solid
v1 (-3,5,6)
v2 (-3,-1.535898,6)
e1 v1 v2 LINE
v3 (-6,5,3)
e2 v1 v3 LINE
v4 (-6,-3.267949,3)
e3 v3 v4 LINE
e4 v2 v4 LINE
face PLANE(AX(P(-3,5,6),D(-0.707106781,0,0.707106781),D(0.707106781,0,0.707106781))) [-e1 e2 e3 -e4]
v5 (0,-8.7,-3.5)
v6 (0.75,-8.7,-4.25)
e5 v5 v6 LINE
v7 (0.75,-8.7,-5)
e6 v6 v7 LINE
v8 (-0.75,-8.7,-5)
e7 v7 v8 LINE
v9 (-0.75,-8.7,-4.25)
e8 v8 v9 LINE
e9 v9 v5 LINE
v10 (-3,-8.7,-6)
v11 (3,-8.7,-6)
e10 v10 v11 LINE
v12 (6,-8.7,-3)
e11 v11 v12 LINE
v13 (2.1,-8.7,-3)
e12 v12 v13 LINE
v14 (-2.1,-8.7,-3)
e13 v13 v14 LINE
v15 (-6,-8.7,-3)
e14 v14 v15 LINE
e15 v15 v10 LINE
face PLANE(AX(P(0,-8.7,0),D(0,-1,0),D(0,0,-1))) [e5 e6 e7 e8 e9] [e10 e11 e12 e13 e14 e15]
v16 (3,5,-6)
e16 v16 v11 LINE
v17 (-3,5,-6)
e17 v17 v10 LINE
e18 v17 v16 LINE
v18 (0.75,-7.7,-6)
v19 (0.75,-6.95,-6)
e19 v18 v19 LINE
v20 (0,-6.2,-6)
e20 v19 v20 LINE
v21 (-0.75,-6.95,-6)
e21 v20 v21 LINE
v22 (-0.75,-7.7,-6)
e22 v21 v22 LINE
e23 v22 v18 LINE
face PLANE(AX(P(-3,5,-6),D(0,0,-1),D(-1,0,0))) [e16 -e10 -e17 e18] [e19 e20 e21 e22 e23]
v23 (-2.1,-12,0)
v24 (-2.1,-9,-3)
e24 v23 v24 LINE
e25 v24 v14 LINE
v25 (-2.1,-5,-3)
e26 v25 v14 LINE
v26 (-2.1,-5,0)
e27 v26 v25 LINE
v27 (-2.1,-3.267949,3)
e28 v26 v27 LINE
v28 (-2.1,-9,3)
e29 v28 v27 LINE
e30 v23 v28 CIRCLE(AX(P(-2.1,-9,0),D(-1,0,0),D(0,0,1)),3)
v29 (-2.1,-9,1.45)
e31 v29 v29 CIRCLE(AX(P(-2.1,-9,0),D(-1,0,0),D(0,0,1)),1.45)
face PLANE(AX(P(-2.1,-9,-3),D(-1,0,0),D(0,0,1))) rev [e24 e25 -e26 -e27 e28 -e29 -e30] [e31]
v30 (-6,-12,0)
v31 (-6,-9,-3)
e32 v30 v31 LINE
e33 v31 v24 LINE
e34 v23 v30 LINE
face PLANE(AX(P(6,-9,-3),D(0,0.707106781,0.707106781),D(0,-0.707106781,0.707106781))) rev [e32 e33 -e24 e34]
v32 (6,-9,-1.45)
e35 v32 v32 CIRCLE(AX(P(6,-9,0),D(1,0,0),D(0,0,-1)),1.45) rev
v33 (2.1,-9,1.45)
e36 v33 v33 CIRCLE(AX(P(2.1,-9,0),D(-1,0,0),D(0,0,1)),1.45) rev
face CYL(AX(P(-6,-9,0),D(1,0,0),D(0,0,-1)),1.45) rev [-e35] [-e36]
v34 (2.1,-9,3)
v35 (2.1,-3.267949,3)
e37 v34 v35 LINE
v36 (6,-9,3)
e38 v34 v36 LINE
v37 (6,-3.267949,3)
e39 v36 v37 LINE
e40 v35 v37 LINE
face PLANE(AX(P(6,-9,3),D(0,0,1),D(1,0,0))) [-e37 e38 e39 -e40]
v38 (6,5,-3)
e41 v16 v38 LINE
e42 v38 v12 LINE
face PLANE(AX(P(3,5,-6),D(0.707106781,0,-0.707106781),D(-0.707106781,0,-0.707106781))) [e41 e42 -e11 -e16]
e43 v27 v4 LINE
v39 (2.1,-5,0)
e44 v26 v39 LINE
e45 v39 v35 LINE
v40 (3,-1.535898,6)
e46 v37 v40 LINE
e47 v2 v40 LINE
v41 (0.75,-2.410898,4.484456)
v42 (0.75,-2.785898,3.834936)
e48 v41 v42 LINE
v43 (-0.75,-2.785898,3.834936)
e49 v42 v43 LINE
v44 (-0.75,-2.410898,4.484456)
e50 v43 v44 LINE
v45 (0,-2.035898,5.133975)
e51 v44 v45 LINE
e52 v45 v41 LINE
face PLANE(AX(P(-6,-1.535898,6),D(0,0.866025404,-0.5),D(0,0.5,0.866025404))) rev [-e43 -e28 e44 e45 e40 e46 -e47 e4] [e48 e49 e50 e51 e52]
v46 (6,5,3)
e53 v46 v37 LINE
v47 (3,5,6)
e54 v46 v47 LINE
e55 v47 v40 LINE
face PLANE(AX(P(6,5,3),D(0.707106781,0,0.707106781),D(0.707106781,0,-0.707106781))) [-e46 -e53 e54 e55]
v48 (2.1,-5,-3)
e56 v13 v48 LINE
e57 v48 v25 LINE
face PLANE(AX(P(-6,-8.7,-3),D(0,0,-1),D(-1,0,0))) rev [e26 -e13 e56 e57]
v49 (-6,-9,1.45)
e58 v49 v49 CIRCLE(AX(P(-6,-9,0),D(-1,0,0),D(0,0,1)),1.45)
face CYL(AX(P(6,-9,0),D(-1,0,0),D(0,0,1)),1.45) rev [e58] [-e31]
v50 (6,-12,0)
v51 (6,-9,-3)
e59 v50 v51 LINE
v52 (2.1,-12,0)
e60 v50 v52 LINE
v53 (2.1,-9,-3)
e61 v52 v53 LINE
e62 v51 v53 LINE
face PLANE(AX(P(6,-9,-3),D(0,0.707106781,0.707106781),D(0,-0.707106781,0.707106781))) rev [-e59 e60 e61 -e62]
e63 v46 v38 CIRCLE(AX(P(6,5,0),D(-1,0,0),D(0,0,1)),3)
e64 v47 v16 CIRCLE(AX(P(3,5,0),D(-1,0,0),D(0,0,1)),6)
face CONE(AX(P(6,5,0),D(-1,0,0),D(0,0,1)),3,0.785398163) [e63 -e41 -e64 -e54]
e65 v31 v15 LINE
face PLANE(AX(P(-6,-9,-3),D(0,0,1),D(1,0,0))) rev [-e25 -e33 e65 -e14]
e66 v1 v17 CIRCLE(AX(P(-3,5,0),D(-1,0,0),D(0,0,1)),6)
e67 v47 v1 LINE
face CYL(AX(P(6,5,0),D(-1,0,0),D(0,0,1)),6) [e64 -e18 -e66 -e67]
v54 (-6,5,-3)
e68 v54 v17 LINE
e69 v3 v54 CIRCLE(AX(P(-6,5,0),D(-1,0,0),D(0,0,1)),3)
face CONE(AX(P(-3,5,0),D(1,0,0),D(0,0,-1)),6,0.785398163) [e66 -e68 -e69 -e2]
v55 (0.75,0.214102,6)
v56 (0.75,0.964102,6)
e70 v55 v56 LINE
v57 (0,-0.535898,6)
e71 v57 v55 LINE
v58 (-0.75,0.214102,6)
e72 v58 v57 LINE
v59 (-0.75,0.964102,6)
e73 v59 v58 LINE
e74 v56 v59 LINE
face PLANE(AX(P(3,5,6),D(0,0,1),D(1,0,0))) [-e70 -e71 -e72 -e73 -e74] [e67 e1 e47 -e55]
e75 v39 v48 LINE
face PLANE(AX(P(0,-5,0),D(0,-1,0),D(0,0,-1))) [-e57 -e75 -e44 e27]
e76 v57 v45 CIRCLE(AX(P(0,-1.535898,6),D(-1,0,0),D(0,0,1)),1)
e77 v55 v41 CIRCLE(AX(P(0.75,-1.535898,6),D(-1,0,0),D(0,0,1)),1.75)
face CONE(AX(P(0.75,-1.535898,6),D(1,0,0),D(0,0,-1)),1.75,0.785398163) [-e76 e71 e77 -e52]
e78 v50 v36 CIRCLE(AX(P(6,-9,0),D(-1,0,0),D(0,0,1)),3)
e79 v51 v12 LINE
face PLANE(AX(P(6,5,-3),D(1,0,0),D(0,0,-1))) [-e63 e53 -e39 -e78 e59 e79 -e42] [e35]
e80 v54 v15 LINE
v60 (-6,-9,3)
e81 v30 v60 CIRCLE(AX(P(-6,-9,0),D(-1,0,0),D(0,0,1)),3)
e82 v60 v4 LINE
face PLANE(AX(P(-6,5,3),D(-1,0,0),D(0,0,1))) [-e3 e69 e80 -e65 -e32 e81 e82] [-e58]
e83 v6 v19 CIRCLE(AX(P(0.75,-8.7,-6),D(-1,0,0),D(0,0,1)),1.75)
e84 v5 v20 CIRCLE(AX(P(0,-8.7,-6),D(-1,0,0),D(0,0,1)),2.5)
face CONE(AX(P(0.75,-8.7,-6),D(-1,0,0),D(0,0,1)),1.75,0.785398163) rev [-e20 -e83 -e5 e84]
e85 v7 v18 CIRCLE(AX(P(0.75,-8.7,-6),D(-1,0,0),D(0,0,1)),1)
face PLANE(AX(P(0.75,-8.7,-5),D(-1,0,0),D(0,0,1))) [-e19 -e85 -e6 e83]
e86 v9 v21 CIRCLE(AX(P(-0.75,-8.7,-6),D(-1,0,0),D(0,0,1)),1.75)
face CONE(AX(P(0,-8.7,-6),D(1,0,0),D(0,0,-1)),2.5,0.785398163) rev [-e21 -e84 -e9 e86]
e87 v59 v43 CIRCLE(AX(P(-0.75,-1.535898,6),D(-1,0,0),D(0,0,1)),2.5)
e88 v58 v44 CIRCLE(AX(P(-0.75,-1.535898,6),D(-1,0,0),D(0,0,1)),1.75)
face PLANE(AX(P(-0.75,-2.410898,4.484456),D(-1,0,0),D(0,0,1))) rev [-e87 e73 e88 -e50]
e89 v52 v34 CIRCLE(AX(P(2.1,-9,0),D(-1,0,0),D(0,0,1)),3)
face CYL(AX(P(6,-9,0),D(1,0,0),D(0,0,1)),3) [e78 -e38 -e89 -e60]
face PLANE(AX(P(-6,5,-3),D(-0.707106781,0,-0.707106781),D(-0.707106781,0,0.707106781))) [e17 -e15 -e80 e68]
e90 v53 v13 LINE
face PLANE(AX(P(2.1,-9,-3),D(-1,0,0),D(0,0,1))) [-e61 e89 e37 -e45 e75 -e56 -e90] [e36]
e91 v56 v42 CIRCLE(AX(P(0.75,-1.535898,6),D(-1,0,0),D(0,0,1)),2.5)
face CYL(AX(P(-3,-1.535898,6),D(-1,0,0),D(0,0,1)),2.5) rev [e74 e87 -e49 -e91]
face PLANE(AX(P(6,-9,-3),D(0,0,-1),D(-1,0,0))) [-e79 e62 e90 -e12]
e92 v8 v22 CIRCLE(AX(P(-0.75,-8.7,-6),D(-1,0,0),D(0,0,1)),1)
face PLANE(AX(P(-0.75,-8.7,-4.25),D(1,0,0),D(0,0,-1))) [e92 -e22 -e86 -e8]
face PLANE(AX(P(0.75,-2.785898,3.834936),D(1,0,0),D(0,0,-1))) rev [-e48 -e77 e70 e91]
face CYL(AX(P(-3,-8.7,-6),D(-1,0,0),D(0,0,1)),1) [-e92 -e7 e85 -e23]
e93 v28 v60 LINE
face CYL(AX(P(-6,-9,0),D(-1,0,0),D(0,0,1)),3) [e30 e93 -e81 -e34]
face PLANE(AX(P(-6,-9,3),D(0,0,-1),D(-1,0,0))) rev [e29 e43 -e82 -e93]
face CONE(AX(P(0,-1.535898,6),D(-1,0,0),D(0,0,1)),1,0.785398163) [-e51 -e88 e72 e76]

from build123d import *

# Parameters (mm, degrees)
BOSS_EXTRUDE1_DEPTH      = 5
CUT_EXTRUDE8_DEPTH       = 10.848857802
CUT_EXTRUDE8_DEPTH_BACK  = 10.848857802
REVOLVE1_ANGLE           = 180
SKETCH24_W               = 3.9
SKETCH24_H               = 6
BOSS_EXTRUDE2_DEPTH      = 4
SKETCH25_W               = 3.9
SKETCH25_H               = 3
REVOLVE2_ANGLE           = 180
SKETCH26_R               = 1.45
CUT_EXTRUDE9_DEPTH       = 19
BOSS_EXTRUDE4_DEPTH      = 3.7
CUT_EXTRUDE10_DEPTH      = 19
CUT_EXTRUDE10_DEPTH_BACK = 19


with BuildPart() as part:
    # Sketch2 → Boss-Extrude1 (new, symmetric)
    with BuildSketch(Plane(origin=(0, 0, 0), x_dir=(1, 0, 0), z_dir=(0, 1, 0))):
        Polygon((-3, 6), (3, 6), (6, 3), (6, -3), (3, -6), (-3, -6), (-6, -3), (-6, 3), align=None)
    extrude(amount=BOSS_EXTRUDE1_DEPTH, both=True)

    # Sketch22 → Cut-Extrude8 (cut, two sides: drawn at the far end of the back side and taken through both)
    with BuildSketch(Plane(origin=(0, 0, 0), x_dir=(0, 0, -1), z_dir=(1, 0, 0)).offset(-CUT_EXTRUDE8_DEPTH_BACK)):
        Polygon((0, -5), (-6, -5), (-6, -1.535898385), align=None)
    extrude(amount=CUT_EXTRUDE8_DEPTH + CUT_EXTRUDE8_DEPTH_BACK, mode=Mode.SUBTRACT)

    # Sketch23 → Revolve1 (revolve)
    with BuildSketch(Plane(origin=(0, 5, 0), x_dir=(1, 0, 0), z_dir=(0, 1, 0))):
        Polygon((-6, 0), (-6, 3), (-3, 6), (3, 6), (6, 3), (6, 0), align=None)
    revolve(axis=Axis((6, 5, 0), (1, 0, 0)), revolution_arc=REVOLVE1_ANGLE)

    # Sketch24 → Boss-Extrude2 (add, symmetric)
    with BuildSketch(Plane.XZ.offset(5)):
        with Locations((-4.05, 0)):
            Rectangle(SKETCH24_W, SKETCH24_H)
    boss_extrude2 = extrude(amount=BOSS_EXTRUDE2_DEPTH, both=True)

    # Sketch25 → Revolve2 (revolve)
    with BuildSketch(Plane.XZ.offset(9)):
        with Locations((-4.05, 1.5)):
            Rectangle(SKETCH25_W, SKETCH25_H)
    revolve2 = revolve(axis=Axis((-6, -9, 0), (1, 0, 0)), revolution_arc=REVOLVE2_ANGLE)

    # Sketch26 → Cut-Extrude9 (cut, symmetric)
    with BuildSketch(Plane.ZY.offset(6)):
        with Locations((0, -9)):
            Circle(SKETCH26_R)
    cut_extrude9 = extrude(amount=CUT_EXTRUDE9_DEPTH, both=True, mode=Mode.SUBTRACT)

    # Mirror1: Boss-Extrude2, Revolve2, Cut-Extrude9 across plane
    add(boss_extrude2.mirror(Plane(origin=(0, 0, 0), x_dir=(0, 0, 1), z_dir=(1, 0, 0))))
    add(revolve2.mirror(Plane(origin=(0, 0, 0), x_dir=(0, 0, 1), z_dir=(1, 0, 0))))
    add(cut_extrude9.mirror(Plane(origin=(0, 0, 0), x_dir=(0, 0, 1), z_dir=(1, 0, 0))), mode=Mode.SUBTRACT)

    # Sketch30 → Cut-Revolve1 (revolve, cut)
    with BuildSketch(Plane(origin=(0, -3.75, 2.165063509), x_dir=(1, 0, 0), z_dir=(0, -0.8660254037844418, 0.49999999999999484))):
        Polygon((0, 3.42820323), (-0.75, 2.67820323), (-0.75, 1.92820323), (0.75, 1.92820323), (0.75, 2.67820323), align=None)
    revolve(axis=Axis((-6, -1.535898385, 6), (1, 0, 0)), mode=Mode.SUBTRACT)

    # Sketch34 → Boss-Extrude4 (add)
    with BuildSketch(Plane.XZ.offset(5)):
        Polygon((-6, -3), (-2.1, -3), (2.1, -3), (6, -3), (3, -6), (-3, -6), align=None)
    extrude(amount=BOSS_EXTRUDE4_DEPTH)

    # Sketch35 → Cut-Revolve3 (revolve, cut)
    with BuildSketch(Plane.XZ.offset(8.7)):
        Polygon((0, -3.5), (-0.75, -4.25), (-0.75, -5), (0.75, -5), (0.75, -4.25), align=None)
    revolve(axis=Axis((3, -8.7, -6), (1, 0, 0)), mode=Mode.SUBTRACT)

    # Sketch36 → Cut-Extrude10 (cut, two sides: drawn at the far end of the back side and taken through both)
    with BuildSketch(Plane.ZY.offset(6).offset(-CUT_EXTRUDE10_DEPTH_BACK)):
        Polygon((-3, -9), (0, -12), (0, -13.528535059), (-3.643435522, -13.528535059), (-3.643435522, -9), align=None)
    extrude(amount=CUT_EXTRUDE10_DEPTH + CUT_EXTRUDE10_DEPTH_BACK, mode=Mode.SUBTRACT)


solid = part.part
